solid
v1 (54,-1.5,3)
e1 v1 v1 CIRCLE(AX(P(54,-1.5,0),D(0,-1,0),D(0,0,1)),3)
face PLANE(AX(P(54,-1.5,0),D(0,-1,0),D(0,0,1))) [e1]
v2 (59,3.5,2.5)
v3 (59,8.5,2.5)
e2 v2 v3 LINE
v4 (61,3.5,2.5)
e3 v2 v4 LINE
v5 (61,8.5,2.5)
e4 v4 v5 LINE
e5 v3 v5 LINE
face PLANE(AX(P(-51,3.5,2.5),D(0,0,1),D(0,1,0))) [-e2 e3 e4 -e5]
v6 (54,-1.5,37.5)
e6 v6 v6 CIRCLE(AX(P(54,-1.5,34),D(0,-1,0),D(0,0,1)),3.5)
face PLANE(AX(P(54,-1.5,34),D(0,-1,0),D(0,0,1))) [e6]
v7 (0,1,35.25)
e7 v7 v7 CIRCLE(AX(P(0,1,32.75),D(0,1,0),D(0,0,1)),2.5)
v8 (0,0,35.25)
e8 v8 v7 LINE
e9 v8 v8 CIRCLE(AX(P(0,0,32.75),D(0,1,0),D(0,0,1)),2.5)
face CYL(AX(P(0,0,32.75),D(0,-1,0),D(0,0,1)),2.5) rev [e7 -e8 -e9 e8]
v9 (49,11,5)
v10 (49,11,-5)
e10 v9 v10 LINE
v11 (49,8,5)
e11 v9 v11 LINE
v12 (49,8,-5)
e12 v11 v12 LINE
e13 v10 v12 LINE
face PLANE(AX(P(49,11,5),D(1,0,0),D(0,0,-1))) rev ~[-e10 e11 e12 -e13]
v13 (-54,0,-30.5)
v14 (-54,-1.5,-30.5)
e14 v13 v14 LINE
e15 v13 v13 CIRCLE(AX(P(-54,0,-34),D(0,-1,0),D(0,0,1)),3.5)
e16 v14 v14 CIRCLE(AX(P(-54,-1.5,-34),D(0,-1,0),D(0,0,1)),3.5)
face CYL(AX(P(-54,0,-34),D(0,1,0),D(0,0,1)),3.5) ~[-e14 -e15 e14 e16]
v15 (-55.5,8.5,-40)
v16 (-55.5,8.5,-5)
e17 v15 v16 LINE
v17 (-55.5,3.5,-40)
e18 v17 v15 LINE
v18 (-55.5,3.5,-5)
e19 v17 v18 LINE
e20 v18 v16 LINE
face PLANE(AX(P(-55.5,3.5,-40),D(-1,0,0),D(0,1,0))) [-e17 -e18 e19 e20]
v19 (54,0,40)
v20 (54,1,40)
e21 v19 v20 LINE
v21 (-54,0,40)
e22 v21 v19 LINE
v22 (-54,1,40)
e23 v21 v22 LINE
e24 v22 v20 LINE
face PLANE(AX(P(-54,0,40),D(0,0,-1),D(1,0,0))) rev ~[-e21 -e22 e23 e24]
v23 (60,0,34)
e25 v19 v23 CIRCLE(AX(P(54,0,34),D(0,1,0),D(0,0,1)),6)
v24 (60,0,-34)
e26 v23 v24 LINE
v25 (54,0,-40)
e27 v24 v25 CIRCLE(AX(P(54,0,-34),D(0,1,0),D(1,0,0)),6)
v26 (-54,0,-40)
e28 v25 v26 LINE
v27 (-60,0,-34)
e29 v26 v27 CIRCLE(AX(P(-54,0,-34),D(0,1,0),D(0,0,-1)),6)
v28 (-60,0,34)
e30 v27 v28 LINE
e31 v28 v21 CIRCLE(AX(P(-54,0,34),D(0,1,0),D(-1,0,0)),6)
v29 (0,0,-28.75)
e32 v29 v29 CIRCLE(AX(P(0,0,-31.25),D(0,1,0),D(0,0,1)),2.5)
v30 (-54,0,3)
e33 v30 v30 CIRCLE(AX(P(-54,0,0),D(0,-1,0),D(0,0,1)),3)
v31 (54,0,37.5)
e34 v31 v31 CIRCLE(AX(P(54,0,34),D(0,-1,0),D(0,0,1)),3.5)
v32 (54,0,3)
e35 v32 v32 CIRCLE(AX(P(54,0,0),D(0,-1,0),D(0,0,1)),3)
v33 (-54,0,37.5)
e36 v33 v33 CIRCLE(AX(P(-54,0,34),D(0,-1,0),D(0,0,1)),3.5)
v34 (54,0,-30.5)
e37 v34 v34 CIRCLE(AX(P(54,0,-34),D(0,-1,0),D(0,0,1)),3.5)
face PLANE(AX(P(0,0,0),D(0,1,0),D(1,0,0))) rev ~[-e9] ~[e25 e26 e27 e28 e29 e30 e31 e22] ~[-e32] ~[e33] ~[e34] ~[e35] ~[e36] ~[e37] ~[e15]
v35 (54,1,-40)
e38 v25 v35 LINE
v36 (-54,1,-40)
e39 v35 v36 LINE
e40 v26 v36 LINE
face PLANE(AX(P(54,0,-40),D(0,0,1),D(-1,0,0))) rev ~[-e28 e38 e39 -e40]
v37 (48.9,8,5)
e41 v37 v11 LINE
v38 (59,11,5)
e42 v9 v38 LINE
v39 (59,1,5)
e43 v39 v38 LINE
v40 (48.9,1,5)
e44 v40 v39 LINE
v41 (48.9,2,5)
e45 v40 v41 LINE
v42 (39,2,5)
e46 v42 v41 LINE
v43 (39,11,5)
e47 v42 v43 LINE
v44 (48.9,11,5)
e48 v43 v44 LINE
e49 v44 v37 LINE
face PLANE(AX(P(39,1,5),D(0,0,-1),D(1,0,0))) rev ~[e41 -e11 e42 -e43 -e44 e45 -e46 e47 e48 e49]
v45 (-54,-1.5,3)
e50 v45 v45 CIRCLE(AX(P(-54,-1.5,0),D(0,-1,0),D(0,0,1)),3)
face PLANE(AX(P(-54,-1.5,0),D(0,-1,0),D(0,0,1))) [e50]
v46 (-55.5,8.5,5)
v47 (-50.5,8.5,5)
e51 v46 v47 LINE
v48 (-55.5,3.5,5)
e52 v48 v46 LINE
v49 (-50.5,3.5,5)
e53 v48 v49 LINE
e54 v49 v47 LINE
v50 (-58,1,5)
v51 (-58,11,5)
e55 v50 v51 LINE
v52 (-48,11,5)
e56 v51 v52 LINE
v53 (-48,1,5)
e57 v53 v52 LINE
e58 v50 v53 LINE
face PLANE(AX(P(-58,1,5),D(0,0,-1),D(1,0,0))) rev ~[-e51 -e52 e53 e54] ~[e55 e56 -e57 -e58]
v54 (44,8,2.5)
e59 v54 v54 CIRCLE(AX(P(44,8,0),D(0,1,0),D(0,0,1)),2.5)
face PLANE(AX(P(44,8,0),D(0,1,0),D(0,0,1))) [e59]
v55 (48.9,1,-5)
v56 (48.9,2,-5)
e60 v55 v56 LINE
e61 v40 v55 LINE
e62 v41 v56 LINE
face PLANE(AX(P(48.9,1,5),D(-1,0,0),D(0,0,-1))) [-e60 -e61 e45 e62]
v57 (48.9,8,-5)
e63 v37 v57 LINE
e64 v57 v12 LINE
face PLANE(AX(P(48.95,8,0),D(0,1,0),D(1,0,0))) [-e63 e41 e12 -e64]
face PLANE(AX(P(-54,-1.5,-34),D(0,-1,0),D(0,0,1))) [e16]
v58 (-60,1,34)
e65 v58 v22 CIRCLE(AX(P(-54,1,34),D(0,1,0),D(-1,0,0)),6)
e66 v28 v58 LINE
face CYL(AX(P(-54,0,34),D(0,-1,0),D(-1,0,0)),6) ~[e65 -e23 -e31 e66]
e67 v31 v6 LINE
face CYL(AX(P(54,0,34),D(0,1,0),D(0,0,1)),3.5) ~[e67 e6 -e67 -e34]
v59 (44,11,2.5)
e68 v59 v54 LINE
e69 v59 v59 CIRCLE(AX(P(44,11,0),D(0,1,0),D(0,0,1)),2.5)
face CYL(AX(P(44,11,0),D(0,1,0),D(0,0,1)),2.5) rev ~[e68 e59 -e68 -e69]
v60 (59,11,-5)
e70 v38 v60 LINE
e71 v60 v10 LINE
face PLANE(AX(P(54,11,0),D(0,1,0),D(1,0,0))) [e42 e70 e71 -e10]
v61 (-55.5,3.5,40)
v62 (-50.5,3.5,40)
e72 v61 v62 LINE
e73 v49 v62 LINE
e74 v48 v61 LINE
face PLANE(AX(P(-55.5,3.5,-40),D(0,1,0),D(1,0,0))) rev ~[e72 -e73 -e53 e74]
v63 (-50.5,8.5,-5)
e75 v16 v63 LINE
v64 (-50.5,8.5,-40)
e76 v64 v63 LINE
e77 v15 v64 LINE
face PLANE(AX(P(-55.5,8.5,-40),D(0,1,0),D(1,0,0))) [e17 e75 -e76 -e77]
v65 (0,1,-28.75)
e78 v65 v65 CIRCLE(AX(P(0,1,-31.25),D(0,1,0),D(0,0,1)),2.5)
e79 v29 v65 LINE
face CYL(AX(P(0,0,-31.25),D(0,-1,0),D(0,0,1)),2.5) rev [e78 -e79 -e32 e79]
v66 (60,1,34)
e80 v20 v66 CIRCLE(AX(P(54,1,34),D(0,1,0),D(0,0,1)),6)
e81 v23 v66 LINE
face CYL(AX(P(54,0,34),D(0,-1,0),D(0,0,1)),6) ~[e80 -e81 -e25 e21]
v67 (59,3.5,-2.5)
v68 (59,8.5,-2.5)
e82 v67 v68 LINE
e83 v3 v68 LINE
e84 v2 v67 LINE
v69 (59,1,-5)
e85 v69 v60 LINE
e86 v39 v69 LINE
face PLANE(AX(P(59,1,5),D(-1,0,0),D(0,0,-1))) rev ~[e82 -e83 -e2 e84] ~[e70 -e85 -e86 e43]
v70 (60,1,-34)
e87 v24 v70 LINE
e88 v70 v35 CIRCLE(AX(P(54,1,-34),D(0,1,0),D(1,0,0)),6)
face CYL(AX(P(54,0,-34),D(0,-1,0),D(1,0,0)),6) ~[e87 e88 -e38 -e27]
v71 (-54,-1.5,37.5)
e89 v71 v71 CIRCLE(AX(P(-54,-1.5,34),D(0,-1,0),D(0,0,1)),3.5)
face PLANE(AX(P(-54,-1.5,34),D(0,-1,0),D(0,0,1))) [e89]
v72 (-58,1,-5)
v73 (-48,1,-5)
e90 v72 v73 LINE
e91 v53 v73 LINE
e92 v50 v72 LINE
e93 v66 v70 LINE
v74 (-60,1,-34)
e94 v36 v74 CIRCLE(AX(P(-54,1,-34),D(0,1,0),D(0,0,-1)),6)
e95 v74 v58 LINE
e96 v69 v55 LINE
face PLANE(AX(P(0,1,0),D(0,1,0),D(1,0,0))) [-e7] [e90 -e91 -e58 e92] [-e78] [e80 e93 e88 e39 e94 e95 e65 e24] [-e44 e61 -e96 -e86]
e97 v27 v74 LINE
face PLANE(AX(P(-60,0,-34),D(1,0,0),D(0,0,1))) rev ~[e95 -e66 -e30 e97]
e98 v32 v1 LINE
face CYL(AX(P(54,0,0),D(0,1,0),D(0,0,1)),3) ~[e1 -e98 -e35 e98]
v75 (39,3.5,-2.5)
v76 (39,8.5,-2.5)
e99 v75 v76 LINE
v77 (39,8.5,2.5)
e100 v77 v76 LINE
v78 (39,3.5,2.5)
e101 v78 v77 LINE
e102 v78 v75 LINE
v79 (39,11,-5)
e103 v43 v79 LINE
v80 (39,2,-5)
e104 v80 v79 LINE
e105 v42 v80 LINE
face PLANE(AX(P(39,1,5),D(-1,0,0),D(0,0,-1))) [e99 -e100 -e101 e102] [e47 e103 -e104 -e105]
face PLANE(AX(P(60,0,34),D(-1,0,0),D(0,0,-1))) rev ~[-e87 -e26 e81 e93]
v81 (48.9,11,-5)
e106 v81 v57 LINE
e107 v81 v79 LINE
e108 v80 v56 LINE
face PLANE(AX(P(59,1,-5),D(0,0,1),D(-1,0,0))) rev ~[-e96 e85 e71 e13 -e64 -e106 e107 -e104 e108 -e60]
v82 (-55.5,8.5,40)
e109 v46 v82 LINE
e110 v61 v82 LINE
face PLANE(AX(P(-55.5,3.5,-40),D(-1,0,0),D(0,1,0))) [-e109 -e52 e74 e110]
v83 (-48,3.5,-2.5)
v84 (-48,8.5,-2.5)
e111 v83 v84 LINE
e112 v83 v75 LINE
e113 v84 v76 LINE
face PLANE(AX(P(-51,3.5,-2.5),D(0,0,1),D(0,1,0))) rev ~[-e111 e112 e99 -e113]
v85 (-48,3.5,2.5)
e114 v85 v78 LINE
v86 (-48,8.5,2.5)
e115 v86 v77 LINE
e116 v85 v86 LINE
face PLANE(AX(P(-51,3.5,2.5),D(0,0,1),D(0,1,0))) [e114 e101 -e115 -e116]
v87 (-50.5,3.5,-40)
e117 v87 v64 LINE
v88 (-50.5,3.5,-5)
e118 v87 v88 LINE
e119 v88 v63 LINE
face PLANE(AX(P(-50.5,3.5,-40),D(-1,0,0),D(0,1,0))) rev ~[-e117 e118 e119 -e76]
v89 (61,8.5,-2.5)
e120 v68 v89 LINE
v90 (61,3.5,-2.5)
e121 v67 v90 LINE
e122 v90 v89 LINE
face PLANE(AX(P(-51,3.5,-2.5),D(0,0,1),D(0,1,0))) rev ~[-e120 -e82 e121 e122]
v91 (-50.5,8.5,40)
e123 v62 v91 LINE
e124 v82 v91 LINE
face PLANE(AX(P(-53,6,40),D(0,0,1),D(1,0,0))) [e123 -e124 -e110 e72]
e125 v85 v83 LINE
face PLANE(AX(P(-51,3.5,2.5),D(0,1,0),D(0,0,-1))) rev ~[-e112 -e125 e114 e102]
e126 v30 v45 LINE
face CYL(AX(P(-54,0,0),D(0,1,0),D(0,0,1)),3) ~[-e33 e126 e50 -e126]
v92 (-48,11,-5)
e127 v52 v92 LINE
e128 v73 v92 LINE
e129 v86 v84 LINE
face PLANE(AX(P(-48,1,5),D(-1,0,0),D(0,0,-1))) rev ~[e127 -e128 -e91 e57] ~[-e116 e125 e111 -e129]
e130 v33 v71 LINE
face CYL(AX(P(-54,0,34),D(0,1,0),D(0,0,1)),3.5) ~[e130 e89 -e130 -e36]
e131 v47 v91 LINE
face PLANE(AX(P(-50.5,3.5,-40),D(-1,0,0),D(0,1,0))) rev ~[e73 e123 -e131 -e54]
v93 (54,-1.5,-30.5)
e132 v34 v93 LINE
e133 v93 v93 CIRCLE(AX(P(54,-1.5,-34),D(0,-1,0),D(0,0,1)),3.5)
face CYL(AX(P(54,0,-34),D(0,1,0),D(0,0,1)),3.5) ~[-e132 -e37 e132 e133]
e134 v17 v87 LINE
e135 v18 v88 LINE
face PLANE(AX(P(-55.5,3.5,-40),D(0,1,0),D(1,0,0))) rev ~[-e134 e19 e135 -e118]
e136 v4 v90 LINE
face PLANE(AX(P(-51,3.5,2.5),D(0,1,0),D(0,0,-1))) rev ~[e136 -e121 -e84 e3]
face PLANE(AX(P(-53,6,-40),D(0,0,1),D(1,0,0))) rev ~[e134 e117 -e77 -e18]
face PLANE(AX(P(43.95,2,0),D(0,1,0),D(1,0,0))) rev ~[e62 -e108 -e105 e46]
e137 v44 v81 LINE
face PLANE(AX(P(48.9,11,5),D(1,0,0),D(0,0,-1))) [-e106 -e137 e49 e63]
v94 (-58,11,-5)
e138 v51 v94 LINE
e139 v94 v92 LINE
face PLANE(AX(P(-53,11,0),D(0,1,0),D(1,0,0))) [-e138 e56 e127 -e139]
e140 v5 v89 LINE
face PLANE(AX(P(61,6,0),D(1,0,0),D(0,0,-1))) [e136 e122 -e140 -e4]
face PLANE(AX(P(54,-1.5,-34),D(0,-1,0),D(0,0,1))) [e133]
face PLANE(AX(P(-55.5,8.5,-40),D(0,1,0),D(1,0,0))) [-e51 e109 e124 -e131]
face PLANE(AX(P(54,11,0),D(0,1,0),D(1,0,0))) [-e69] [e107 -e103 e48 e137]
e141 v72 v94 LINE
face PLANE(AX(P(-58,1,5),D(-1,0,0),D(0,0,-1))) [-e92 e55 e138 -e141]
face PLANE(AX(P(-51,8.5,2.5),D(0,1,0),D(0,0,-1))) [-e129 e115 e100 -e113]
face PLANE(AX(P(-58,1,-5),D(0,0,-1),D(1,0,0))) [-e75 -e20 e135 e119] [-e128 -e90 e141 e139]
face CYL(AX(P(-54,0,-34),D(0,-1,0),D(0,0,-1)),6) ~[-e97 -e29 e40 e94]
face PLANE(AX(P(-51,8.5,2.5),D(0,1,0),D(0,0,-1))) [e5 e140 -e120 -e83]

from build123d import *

# Parameters (mm, degrees)
SKETCH1_R                = 2.5
BOSS_EXTRUDE1_DEPTH      = 1
SKETCH2_R                = 3.5
SKETCH2_R_2              = 3
BOSS_EXTRUDE2_DEPTH      = 1.5
SKETCH3_W                = 10
SKETCH3_H                = 10
BOSS_EXTRUDE3_DEPTH      = 10
BOSS_EXTRUDE4_DEPTH      = 35
BOSS_EXTRUDE4_DEPTH_BACK = 45
SKETCH4_W                = 5
SKETCH4_H                = 5
BOSS_EXTRUDE5_DEPTH      = 2
BOSS_EXTRUDE5_DEPTH_BACK = 110
SKETCH5_W                = 5
SKETCH5_H                = 5
CUT_EXTRUDE4_START       = -10
SKETCH6_W                = 9.9
SKETCH6_H                = 10
SKETCH6_R                = 2.5
CUT_EXTRUDE4_DEPTH       = 1
SKETCH6_3_R              = 2.5
SKETCH6_3_W              = 0.1
SKETCH6_3_H              = 10
CUT_EXTRUDE5_DEPTH       = 3


with BuildPart() as part:
    # Sketch1 → Boss-Extrude1 (new body)
    with BuildSketch(Plane(origin=(0, 0, 0), x_dir=(1, 0, 0), z_dir=(0, 1, 0))):
        with BuildLine():
            Line((-54, -40), (54, -40))
            ThreePointArc((54, -40), (58.242640687, -38.242640687), (60, -34))
            Line((60, -34), (60, 34))
            ThreePointArc((60, 34), (58.242640687, 38.242640687), (54, 40))
            Line((54, 40), (-54, 40))
            ThreePointArc((-54, 40), (-58.242640687, 38.242640687), (-60, 34))
            Line((-60, 34), (-60, -34))
            ThreePointArc((-60, -34), (-58.242640687, -38.242640687), (-54, -40))
        make_face()
        with Locations(Location((0, 31.25, 0), (0, 0, 270))):
            Circle(SKETCH1_R, mode=Mode.SUBTRACT)
        with Locations(Location((0, -32.75, 0), (0, 0, 270))):
            Circle(SKETCH1_R, mode=Mode.SUBTRACT)
    extrude(amount=BOSS_EXTRUDE1_DEPTH)

    # Sketch2 → Boss-Extrude2 (add)
    with BuildSketch(Plane.XZ):
        with Locations(Location((-54, 34, 0), (0, 0, 90))):
            Circle(SKETCH2_R)
        with Locations(Location((-54, 0, 0), (0, 0, 90))):
            Circle(SKETCH2_R_2)
        with Locations(Location((-54, -34, 0), (0, 0, 90))):
            Circle(SKETCH2_R)
        with Locations(Location((54, 34, 0), (0, 0, 90))):
            Circle(SKETCH2_R)
        with Locations(Location((54, -34, 0), (0, 0, 90))):
            Circle(SKETCH2_R)
        with Locations(Location((54, 0, 0), (0, 0, 90))):
            Circle(SKETCH2_R_2)
    extrude(amount=BOSS_EXTRUDE2_DEPTH)

    # Sketch3 → Boss-Extrude3 (add)
    with BuildSketch(Plane(origin=(0, 1, 0), x_dir=(1, 0, 0), z_dir=(0, 1, 0))):
        with Locations((54, 0)):
            Rectangle(SKETCH3_W, SKETCH3_H)
        with Locations((44, 0)):
            Rectangle(SKETCH3_W, SKETCH3_H)
        with Locations((-53, 0)):
            Rectangle(SKETCH3_W, SKETCH3_H)
    extrude(amount=BOSS_EXTRUDE3_DEPTH)

    # Sketch4 → Boss-Extrude4 (add, two sides: drawn at the far end of the back side and taken through both)
    with BuildSketch(Plane.XY.offset(5).offset(-BOSS_EXTRUDE4_DEPTH_BACK)):
        with Locations((-53, 6)):
            Rectangle(SKETCH4_W, SKETCH4_H)
    extrude(amount=BOSS_EXTRUDE4_DEPTH + BOSS_EXTRUDE4_DEPTH_BACK)

    # Sketch5 → Boss-Extrude5 (add, two sides: drawn at the far end of the back side and taken through both)
    with BuildSketch(Plane(origin=(59, 0, 0), x_dir=(0, 0, -1), z_dir=(1, 0, 0)).offset(-BOSS_EXTRUDE5_DEPTH_BACK)):
        with Locations((0, 6)):
            Rectangle(SKETCH5_W, SKETCH5_H)
    extrude(amount=BOSS_EXTRUDE5_DEPTH + BOSS_EXTRUDE5_DEPTH_BACK)

    # Sketch6 → Cut-Extrude4 (cut)
    # profile 1 of 2: a face of its own
    with BuildSketch(Plane(origin=(0, 11, 0), x_dir=(1, 0, 0), z_dir=(0, 1, 0)).offset(CUT_EXTRUDE4_START)):
        with Locations((43.95, 0)):
            Rectangle(SKETCH6_W, SKETCH6_H)
        with Locations((44, 0)):
            Circle(SKETCH6_R, mode=Mode.SUBTRACT)
    # profile 2 of 2: a face of its own
    with BuildSketch(Plane(origin=(0, 11, 0), x_dir=(1, 0, 0), z_dir=(0, 1, 0)).offset(CUT_EXTRUDE4_START)):
        with Locations((44, 0)):
            Circle(SKETCH6_R)
    extrude(amount=CUT_EXTRUDE4_DEPTH, mode=Mode.SUBTRACT)

    # Sketch6<3> → Cut-Extrude5 (cut)
    with BuildSketch(Plane(origin=(0, 11, 0), x_dir=(1, 0, 0), z_dir=(0, 1, 0))):
        with Locations(Location((44, 0, 0), (0, 0, 270))):
            Circle(SKETCH6_3_R)
        with Locations((48.95, 0)):
            Rectangle(SKETCH6_3_W, SKETCH6_3_H)
    extrude(amount=-CUT_EXTRUDE5_DEPTH, mode=Mode.SUBTRACT)


solid = part.part
